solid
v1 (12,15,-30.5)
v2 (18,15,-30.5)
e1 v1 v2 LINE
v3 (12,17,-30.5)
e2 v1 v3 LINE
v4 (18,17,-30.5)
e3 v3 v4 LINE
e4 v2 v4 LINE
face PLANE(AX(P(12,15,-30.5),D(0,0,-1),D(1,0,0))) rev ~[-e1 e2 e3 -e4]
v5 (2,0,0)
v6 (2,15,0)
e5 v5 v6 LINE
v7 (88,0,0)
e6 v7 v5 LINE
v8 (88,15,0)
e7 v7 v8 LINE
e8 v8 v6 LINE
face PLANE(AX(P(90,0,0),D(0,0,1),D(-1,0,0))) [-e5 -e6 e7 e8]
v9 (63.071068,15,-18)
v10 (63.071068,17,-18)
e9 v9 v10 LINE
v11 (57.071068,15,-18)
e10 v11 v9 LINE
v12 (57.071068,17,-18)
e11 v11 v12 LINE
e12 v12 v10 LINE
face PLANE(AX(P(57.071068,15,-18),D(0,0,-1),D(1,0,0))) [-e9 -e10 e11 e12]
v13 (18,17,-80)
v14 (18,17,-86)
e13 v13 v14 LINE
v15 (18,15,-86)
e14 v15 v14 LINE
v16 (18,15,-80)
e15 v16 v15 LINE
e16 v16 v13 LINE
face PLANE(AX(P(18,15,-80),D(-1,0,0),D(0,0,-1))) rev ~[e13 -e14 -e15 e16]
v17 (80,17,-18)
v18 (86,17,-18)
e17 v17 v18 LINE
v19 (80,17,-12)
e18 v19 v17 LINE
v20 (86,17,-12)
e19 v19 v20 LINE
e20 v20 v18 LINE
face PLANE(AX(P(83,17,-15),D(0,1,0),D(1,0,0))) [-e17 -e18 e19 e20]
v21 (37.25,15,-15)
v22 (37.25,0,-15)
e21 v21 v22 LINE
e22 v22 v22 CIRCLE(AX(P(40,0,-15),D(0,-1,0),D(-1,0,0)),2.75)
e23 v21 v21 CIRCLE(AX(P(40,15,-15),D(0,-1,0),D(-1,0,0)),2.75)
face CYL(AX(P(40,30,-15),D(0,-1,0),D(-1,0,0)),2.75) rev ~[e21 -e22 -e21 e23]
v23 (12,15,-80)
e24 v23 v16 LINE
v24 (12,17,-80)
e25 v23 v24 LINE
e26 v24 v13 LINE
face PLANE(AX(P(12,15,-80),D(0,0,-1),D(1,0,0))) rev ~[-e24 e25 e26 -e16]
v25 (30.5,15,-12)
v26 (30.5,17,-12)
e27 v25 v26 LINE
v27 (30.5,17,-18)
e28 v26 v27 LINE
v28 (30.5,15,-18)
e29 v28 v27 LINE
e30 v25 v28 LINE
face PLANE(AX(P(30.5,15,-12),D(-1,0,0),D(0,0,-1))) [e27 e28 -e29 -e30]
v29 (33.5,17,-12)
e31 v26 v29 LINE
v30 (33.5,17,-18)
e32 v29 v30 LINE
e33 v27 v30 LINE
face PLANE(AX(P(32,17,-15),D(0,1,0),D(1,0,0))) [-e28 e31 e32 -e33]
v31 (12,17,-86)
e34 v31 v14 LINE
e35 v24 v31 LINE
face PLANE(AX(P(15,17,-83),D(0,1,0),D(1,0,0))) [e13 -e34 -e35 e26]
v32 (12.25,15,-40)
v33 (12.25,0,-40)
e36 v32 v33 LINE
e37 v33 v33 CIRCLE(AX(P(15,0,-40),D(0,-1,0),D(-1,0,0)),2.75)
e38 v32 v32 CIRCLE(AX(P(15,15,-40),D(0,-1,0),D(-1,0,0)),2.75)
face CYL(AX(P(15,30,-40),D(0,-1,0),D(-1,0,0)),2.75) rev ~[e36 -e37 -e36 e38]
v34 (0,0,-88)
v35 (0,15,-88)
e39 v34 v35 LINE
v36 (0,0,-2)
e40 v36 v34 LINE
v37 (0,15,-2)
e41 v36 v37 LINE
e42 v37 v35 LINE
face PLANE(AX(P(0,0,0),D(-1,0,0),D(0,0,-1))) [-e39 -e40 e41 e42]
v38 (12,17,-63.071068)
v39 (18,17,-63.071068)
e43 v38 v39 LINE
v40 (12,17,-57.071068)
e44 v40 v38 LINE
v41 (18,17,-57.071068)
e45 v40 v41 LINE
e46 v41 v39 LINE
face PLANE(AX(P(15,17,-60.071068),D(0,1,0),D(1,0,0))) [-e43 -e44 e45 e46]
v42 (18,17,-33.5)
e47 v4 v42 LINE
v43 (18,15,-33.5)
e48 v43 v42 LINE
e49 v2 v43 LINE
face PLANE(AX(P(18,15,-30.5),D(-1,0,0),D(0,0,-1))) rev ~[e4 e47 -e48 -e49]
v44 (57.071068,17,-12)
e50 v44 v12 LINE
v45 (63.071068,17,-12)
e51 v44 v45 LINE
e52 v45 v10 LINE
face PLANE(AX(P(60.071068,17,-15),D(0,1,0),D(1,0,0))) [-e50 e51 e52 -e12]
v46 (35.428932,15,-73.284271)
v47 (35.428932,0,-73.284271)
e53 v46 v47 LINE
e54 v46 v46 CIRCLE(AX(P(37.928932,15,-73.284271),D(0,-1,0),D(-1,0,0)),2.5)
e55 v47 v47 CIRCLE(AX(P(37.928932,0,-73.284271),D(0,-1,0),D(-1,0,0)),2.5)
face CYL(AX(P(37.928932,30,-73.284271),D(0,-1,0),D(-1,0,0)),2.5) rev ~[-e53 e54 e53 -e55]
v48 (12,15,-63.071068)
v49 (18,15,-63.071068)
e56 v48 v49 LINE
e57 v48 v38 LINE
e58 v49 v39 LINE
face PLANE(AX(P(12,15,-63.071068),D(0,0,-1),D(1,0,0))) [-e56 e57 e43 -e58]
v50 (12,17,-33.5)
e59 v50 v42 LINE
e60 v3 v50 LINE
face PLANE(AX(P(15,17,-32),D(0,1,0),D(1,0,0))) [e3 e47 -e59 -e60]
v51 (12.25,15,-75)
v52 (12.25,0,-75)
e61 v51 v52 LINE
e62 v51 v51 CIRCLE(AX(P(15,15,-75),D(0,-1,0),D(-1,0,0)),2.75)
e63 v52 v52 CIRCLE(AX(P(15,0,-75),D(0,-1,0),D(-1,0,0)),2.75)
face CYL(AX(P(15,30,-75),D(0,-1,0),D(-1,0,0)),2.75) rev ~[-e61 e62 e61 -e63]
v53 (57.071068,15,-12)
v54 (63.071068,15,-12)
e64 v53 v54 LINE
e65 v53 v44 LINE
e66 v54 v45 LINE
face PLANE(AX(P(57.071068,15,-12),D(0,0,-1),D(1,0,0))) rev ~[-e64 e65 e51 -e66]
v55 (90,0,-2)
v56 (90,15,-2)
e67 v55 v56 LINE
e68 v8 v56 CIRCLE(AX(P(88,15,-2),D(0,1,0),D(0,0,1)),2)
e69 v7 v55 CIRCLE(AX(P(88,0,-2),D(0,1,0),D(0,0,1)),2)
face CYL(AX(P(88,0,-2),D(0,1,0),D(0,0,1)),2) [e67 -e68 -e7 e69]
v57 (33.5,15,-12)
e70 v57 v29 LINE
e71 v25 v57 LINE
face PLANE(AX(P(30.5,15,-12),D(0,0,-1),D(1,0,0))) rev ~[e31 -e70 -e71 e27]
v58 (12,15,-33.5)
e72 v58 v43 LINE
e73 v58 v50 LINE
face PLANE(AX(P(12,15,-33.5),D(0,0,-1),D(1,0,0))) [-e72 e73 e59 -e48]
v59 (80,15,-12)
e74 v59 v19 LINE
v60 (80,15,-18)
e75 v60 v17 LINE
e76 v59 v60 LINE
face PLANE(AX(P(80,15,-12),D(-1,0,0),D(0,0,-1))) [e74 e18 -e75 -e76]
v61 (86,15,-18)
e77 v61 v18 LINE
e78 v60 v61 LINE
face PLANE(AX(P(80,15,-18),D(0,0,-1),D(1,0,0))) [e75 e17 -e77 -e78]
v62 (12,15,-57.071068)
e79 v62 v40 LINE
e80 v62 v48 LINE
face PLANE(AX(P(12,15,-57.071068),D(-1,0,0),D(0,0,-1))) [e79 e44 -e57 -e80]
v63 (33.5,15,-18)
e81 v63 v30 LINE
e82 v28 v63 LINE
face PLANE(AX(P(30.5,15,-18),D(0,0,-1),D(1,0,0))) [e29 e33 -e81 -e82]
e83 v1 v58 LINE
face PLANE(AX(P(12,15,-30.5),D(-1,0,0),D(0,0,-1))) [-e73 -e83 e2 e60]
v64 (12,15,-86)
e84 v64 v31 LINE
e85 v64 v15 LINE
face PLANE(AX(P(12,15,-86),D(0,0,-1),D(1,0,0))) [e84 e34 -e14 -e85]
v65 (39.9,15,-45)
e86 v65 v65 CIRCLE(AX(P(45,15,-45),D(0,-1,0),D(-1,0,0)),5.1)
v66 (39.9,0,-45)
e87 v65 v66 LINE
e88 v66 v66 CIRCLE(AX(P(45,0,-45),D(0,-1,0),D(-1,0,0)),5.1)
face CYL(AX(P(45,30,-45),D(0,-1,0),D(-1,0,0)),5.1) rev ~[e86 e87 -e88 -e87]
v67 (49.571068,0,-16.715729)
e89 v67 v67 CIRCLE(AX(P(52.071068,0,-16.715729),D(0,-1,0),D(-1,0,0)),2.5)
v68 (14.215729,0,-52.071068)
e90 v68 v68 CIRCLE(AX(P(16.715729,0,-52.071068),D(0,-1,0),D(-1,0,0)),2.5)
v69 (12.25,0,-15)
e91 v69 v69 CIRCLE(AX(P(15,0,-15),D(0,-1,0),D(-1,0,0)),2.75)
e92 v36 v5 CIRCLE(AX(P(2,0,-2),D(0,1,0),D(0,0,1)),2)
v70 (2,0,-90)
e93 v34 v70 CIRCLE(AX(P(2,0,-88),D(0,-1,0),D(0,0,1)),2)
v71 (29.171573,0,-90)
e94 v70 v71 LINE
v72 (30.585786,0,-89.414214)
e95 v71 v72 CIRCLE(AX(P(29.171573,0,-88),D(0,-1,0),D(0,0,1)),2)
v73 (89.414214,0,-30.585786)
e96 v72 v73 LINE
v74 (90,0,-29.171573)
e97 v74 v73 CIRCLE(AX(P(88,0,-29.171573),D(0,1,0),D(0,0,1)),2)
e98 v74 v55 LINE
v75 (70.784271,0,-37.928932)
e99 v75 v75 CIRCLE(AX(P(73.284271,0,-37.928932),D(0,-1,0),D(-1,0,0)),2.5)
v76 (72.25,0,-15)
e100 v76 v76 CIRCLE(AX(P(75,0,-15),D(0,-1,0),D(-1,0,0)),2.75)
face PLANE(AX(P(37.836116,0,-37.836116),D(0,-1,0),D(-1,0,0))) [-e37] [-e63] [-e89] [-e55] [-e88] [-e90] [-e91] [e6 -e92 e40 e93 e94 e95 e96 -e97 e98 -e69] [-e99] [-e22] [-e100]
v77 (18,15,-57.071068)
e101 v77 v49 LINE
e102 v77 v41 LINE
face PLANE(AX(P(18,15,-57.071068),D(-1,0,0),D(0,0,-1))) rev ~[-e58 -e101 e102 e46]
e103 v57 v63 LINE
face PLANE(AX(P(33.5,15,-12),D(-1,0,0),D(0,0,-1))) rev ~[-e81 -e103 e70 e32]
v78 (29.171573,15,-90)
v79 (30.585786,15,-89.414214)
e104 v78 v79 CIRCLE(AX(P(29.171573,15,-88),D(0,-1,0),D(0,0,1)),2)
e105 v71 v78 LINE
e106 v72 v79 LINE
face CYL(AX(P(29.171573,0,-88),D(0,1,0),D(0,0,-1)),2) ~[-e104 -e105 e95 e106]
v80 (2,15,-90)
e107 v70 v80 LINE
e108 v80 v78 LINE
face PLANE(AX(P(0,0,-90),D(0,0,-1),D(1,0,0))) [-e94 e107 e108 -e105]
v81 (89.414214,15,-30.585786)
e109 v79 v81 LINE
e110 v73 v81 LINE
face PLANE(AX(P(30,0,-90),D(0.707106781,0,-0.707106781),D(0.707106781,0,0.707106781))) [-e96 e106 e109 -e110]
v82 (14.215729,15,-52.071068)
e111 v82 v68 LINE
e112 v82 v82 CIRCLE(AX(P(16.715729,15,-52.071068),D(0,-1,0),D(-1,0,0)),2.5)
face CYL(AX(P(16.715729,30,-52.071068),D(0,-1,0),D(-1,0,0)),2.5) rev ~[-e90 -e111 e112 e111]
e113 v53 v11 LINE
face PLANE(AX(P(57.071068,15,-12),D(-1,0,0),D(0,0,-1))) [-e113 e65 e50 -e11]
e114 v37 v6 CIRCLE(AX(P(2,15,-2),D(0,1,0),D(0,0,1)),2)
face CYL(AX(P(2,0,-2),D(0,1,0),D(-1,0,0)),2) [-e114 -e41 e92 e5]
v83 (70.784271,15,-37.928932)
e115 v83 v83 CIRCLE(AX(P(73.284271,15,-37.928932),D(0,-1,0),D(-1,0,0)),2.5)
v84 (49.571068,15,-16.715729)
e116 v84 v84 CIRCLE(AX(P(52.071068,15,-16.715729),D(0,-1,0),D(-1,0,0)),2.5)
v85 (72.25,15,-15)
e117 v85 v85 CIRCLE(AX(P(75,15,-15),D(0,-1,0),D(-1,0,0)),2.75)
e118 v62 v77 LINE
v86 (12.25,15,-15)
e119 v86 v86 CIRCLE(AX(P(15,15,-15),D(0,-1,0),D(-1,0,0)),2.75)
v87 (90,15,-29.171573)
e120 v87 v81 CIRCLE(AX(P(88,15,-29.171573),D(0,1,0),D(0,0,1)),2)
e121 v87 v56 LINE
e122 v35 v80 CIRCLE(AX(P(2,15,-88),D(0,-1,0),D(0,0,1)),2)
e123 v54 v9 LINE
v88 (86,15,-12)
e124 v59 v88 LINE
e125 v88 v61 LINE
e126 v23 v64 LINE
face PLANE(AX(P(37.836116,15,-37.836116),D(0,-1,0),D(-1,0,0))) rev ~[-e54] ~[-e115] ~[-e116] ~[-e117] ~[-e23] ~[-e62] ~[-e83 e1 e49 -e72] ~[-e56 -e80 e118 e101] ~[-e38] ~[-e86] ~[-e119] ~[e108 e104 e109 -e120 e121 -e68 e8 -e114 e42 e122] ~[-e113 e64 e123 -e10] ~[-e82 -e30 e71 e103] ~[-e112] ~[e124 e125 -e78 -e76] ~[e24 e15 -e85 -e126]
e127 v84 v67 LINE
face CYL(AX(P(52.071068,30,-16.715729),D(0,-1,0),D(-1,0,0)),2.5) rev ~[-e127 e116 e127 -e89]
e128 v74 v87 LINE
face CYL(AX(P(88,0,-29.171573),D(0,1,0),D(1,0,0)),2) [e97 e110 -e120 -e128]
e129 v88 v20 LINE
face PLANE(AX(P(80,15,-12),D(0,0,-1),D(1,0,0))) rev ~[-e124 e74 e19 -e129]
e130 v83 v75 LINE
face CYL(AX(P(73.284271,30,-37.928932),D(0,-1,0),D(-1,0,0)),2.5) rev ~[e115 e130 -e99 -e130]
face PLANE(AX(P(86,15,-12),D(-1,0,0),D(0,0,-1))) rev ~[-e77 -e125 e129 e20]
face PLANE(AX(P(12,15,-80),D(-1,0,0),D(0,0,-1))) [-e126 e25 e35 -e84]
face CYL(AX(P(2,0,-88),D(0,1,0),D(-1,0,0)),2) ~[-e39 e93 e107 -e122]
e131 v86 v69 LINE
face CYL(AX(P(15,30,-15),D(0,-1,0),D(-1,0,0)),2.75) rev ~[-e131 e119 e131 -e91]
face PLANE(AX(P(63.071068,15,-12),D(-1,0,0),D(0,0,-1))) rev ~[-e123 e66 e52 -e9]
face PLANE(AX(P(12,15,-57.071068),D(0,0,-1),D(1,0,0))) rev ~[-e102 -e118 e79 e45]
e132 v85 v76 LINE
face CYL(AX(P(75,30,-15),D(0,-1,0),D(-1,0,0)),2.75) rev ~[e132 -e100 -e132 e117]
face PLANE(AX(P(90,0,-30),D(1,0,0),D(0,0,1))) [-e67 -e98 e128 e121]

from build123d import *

# Parameters (mm, degrees)
EXTRUDE_1_DEPTH             = 15
HOLE_WIZARD_M121_D          = 10.2
HOLE_WIZARD_M121_DEPTH      = 15
HOLE_WIZARD_M61_D           = 5
HOLE_WIZARD_M61_DEPTH       = 15
HOLE_WIZARD_5_5_5_5_1_D     = 5.5
HOLE_WIZARD_5_5_5_5_1_DEPTH = 15
SKETCH_9_W                  = 6
SKETCH_9_H                  = 6
SKETCH_9_H_2                = 3
SKETCH_9_W_2                = 3
EXTRUDE_2_DEPTH             = 2
FILLET_1_R                  = 2


with BuildPart() as part:
    # Эскиз1 → Бобышка-Вытянуть1 (new body)
    with BuildSketch(Plane(origin=(0, 0, 0), x_dir=(1, 0, 0), z_dir=(0, 1, 0))):
        Polygon((0, 0), (0, 90), (30, 90), (90, 30), (90, 0), align=None)
    extrude(amount=EXTRUDE_1_DEPTH)

    # Отверстие обработанное метчиком M121
    with Locations(Plane(origin=(0, 15, 0), x_dir=(1, 0, 0), z_dir=(0, 1, 0))):
        with Locations((45, 45)):
            Hole(HOLE_WIZARD_M121_D / 2, depth=HOLE_WIZARD_M121_DEPTH)

    # Отверстие обработанное метчиком M61
    with Locations(Plane(origin=(0, 15, 0), x_dir=(1, 0, 0), z_dir=(0, 1, 0))):
        with Locations((37.928932188, 73.284271247), (73.284271247, 37.928932188), (52.071067812, 16.715728753), (16.715728753, 52.071067812)):
            Hole(HOLE_WIZARD_M61_D / 2, depth=HOLE_WIZARD_M61_DEPTH)

    # Диаметр отверстия Ø5.5 (5.5)1
    with Locations(Plane(origin=(0, 15, 0), x_dir=(1, 0, 0), z_dir=(0, 1, 0))):
        with Locations((15, 75), (15, 40), (15, 15), (40, 15), (75, 15)):
            Hole(HOLE_WIZARD_5_5_5_5_1_D / 2, depth=HOLE_WIZARD_5_5_5_5_1_DEPTH)

    # Эскиз9 → Бобышка-Вытянуть2 (add)
    with BuildSketch(Plane(origin=(0, 15, 0), x_dir=(1, 0, 0), z_dir=(0, 1, 0))):
        with Locations((15, 83)):
            Rectangle(SKETCH_9_W, SKETCH_9_H)
        with Locations((15, 60.071067812)):
            Rectangle(SKETCH_9_W, SKETCH_9_H)
        with Locations((15, 32)):
            Rectangle(SKETCH_9_W, SKETCH_9_H_2)
        with Locations((32, 15)):
            Rectangle(SKETCH_9_W_2, SKETCH_9_H)
        with Locations((60.071067812, 15)):
            Rectangle(SKETCH_9_W, SKETCH_9_H)
        with Locations((83, 15)):
            Rectangle(SKETCH_9_W, SKETCH_9_H)
    extrude(amount=EXTRUDE_2_DEPTH)

    # Скругление1
    fillet_1_edges = [part.edges().sort_by_distance(p)[0] for p in [
        (0, 7.5, 0),
        (0, 7.5, -90),
        (30, 7.5, -90),
        (90, 7.5, -30),
        (90, 7.5, 0),
    ]]
    fillet(fillet_1_edges, radius=FILLET_1_R)


solid = part.part
